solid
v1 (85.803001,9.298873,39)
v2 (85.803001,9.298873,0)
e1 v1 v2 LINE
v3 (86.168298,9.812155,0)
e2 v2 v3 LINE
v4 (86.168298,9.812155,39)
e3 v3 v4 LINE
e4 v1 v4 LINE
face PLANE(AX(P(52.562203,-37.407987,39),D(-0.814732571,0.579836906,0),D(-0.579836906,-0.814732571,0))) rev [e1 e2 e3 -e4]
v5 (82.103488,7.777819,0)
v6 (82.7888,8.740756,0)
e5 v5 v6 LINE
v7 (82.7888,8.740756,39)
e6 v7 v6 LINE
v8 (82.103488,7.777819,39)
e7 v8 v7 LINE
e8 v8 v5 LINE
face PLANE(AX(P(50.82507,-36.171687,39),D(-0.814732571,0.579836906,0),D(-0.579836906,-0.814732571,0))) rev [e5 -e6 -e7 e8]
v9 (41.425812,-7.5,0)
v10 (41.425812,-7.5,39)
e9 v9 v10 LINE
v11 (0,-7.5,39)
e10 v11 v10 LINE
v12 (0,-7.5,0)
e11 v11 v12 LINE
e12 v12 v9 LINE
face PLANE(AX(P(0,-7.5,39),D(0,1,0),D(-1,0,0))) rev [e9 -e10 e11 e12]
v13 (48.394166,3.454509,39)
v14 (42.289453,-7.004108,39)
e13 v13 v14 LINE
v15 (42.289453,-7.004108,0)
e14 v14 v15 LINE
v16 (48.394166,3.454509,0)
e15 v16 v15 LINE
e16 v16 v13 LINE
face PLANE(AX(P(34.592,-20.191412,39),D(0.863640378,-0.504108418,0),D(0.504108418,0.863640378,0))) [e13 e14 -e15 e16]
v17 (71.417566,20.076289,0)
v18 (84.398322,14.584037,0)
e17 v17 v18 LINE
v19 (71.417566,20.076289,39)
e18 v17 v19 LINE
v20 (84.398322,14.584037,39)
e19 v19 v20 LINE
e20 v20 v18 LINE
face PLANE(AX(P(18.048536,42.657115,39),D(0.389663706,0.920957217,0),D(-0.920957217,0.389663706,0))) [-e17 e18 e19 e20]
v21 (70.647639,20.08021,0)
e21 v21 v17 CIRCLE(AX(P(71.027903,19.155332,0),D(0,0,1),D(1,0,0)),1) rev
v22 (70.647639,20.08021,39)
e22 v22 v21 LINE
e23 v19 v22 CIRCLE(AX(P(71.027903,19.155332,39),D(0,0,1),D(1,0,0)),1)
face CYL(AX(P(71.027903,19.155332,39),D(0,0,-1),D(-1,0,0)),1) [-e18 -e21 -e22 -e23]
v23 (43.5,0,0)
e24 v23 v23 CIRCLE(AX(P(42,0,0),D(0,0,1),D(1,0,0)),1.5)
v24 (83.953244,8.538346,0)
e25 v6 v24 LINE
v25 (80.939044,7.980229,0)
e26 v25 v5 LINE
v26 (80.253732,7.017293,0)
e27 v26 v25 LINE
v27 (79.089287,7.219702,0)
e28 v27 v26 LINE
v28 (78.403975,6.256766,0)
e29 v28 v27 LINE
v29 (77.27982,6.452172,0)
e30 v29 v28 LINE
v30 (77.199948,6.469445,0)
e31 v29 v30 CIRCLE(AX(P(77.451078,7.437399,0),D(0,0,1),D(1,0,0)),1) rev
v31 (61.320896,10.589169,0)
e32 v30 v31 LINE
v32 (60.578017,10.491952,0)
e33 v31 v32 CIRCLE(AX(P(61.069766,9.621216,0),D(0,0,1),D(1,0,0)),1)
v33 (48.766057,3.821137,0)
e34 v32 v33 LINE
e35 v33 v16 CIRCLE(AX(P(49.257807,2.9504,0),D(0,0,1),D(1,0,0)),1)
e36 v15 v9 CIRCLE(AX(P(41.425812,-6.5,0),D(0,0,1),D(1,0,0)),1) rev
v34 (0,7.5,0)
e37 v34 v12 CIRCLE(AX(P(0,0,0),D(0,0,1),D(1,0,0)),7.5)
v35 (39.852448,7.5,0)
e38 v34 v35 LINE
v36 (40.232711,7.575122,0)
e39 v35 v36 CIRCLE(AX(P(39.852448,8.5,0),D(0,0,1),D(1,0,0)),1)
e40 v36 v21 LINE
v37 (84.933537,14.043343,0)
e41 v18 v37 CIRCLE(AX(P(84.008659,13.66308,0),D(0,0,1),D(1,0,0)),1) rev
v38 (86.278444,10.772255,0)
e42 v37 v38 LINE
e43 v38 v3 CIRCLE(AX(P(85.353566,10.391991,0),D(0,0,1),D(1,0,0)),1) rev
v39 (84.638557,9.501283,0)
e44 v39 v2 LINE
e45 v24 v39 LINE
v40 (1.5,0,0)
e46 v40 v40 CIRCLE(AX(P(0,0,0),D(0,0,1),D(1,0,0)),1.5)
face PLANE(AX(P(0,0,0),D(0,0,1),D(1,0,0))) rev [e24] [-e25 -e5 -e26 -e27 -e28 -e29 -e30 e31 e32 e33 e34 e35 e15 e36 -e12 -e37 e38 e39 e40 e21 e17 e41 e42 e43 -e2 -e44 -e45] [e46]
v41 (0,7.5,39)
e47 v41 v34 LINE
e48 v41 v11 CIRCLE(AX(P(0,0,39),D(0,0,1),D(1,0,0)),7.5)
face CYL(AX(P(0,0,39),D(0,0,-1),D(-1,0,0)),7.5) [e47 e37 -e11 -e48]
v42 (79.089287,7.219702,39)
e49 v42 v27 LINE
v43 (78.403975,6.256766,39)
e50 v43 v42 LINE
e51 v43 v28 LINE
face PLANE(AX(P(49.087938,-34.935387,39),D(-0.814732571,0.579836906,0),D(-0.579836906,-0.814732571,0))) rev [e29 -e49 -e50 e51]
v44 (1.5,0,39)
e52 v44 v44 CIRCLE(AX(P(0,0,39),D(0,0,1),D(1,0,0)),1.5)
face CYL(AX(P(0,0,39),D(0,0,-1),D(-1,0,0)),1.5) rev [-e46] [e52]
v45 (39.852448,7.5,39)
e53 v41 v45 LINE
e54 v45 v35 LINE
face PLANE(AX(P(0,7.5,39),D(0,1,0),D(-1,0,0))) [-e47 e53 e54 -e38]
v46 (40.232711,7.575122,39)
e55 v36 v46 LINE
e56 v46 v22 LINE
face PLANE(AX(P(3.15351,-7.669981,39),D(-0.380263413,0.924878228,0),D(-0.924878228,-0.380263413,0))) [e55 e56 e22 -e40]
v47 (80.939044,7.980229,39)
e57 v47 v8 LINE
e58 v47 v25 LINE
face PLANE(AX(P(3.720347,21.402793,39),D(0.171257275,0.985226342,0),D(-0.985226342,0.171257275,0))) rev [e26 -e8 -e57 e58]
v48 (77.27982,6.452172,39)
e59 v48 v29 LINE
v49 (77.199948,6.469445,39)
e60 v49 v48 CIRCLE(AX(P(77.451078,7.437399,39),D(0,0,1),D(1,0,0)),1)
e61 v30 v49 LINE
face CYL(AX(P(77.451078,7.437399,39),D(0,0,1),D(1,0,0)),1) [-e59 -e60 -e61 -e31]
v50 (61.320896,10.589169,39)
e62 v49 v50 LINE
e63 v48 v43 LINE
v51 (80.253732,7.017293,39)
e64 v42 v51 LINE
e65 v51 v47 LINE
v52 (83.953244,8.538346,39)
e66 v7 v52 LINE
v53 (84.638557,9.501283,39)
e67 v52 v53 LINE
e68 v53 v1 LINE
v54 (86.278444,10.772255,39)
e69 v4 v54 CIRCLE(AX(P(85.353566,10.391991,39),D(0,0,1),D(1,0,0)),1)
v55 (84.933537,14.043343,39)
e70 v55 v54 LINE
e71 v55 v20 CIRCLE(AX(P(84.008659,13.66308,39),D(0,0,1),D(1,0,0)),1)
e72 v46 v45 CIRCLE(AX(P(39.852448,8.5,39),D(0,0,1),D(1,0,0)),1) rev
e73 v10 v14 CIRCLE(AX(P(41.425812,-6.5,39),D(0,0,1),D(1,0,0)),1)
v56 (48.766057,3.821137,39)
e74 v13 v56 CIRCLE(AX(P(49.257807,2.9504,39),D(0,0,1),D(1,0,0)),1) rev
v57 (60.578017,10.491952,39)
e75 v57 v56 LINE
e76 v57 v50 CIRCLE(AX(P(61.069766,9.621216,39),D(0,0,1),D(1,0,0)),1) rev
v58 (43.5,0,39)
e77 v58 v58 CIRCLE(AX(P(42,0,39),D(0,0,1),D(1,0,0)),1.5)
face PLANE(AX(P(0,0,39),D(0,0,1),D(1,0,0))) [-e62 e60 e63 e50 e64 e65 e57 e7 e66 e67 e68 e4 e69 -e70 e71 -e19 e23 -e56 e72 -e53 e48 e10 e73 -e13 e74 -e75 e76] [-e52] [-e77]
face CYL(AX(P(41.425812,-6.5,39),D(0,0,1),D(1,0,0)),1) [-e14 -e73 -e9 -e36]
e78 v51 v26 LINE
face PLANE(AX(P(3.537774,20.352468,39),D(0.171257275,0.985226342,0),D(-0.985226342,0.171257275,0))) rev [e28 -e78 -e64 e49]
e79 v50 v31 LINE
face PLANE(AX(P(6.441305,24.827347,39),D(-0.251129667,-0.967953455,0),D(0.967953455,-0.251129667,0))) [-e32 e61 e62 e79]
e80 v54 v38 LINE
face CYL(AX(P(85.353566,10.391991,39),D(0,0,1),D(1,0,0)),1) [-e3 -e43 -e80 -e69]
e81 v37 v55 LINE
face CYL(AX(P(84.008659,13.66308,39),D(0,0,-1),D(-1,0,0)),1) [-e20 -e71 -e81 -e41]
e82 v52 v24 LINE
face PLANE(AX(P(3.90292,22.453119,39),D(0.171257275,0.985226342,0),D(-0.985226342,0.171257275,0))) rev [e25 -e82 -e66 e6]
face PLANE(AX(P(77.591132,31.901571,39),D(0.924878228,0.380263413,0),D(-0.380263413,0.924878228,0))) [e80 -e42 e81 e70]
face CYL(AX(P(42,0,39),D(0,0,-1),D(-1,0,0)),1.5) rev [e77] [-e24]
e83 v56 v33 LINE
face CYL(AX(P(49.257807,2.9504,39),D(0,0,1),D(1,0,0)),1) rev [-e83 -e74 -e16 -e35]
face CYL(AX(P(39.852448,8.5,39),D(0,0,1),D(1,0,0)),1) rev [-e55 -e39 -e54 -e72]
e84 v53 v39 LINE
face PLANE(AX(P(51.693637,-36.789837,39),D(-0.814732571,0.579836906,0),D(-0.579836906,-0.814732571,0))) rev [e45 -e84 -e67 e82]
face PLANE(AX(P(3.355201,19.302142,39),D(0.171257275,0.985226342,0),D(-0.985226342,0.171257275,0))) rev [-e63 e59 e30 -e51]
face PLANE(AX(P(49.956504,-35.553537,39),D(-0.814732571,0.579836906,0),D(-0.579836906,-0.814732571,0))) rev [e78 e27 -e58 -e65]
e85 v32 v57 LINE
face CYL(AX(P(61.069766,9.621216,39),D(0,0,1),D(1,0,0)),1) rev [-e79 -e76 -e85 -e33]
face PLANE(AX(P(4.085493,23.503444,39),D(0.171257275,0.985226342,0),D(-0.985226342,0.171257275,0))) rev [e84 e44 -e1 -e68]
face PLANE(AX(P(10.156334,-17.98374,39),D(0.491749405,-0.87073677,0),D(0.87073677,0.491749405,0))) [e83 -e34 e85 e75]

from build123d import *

# Parameters (mm, degrees)
SKETCH1_R           = 1.5
BOSS_EXTRUDE1_DEPTH = 39
FILLET1_R           = 1


with BuildPart() as part:
    # Sketch1 → Boss-Extrude1 (new body)
    with BuildSketch(Plane.XY):
        with BuildLine():
            Line((40.05, 7.5), (0, 7.5))
            ThreePointArc((0, 7.5), (-7.5, 0), (0, -7.5))
            Line((0, -7.5), (42, -7.5))
            Line((42, -7.5), (48.530525776, 3.688120536))
            ThreePointArc((48.530525776, 3.688120536), (45.780813139, 6.477302835), (42, 7.5))
            Line((42, 7.5), (40.05, 7.5))
        make_face()
        Circle(SKETCH1_R, mode=Mode.SUBTRACT)
        with Locations((42, 0)):
            Circle(SKETCH1_R, mode=Mode.SUBTRACT)
        with BuildLine():
            Line((71.033420644, 20.238824327), (40.05, 7.5))
            Line((40.05, 7.5), (42, 7.5))
            ThreePointArc((42, 7.5), (45.780813139, 6.477302835), (48.530525776, 3.688120536))
            Line((48.530525776, 3.688120536), (60.929817382, 10.690632061))
            Line((60.929817382, 10.690632061), (77.239530905, 6.459175571))
            Line((77.239530905, 6.459175571), (78.403975083, 6.2567657))
            Line((78.403975083, 6.2567657), (79.089287361, 7.219702396))
            Line((79.089287361, 7.219702396), (80.253731539, 7.017292525))
            Line((80.253731539, 7.017292525), (80.939043817, 7.980229222))
            Line((80.939043817, 7.980229222), (82.103487996, 7.777819351))
            Line((82.103487996, 7.777819351), (82.788800274, 8.740756047))
            Line((82.788800274, 8.740756047), (83.953244452, 8.538346176))
            Line((83.953244452, 8.538346176), (84.63855673, 9.501282873))
            Line((84.63855673, 9.501282873), (85.803000908, 9.298873002))
            Line((85.803000908, 9.298873002), (86.488313186, 10.261809698))
            Line((86.488313186, 10.261809698), (84.777127829, 14.423761725))
            Line((84.777127829, 14.423761725), (71.033420644, 20.238824327))
        make_face()
    extrude(amount=BOSS_EXTRUDE1_DEPTH)

    # Fillet1
    fillet1_edges = [part.edges().sort_by_distance(p)[0] for p in [
        (42, -7.5, 19.5),
        (40.05, 7.5, 19.5),
        (71.033420644, 20.238824327, 19.5),
        (84.777127829, 14.423761725, 19.5),
        (86.488313186, 10.261809698, 19.5),
        (77.239530905, 6.459175571, 19.5),
        (60.929817382, 10.690632061, 19.5),
        (48.530525776, 3.688120536, 19.5),
    ]]
    fillet(fillet1_edges, radius=FILLET1_R)


solid = part.part
